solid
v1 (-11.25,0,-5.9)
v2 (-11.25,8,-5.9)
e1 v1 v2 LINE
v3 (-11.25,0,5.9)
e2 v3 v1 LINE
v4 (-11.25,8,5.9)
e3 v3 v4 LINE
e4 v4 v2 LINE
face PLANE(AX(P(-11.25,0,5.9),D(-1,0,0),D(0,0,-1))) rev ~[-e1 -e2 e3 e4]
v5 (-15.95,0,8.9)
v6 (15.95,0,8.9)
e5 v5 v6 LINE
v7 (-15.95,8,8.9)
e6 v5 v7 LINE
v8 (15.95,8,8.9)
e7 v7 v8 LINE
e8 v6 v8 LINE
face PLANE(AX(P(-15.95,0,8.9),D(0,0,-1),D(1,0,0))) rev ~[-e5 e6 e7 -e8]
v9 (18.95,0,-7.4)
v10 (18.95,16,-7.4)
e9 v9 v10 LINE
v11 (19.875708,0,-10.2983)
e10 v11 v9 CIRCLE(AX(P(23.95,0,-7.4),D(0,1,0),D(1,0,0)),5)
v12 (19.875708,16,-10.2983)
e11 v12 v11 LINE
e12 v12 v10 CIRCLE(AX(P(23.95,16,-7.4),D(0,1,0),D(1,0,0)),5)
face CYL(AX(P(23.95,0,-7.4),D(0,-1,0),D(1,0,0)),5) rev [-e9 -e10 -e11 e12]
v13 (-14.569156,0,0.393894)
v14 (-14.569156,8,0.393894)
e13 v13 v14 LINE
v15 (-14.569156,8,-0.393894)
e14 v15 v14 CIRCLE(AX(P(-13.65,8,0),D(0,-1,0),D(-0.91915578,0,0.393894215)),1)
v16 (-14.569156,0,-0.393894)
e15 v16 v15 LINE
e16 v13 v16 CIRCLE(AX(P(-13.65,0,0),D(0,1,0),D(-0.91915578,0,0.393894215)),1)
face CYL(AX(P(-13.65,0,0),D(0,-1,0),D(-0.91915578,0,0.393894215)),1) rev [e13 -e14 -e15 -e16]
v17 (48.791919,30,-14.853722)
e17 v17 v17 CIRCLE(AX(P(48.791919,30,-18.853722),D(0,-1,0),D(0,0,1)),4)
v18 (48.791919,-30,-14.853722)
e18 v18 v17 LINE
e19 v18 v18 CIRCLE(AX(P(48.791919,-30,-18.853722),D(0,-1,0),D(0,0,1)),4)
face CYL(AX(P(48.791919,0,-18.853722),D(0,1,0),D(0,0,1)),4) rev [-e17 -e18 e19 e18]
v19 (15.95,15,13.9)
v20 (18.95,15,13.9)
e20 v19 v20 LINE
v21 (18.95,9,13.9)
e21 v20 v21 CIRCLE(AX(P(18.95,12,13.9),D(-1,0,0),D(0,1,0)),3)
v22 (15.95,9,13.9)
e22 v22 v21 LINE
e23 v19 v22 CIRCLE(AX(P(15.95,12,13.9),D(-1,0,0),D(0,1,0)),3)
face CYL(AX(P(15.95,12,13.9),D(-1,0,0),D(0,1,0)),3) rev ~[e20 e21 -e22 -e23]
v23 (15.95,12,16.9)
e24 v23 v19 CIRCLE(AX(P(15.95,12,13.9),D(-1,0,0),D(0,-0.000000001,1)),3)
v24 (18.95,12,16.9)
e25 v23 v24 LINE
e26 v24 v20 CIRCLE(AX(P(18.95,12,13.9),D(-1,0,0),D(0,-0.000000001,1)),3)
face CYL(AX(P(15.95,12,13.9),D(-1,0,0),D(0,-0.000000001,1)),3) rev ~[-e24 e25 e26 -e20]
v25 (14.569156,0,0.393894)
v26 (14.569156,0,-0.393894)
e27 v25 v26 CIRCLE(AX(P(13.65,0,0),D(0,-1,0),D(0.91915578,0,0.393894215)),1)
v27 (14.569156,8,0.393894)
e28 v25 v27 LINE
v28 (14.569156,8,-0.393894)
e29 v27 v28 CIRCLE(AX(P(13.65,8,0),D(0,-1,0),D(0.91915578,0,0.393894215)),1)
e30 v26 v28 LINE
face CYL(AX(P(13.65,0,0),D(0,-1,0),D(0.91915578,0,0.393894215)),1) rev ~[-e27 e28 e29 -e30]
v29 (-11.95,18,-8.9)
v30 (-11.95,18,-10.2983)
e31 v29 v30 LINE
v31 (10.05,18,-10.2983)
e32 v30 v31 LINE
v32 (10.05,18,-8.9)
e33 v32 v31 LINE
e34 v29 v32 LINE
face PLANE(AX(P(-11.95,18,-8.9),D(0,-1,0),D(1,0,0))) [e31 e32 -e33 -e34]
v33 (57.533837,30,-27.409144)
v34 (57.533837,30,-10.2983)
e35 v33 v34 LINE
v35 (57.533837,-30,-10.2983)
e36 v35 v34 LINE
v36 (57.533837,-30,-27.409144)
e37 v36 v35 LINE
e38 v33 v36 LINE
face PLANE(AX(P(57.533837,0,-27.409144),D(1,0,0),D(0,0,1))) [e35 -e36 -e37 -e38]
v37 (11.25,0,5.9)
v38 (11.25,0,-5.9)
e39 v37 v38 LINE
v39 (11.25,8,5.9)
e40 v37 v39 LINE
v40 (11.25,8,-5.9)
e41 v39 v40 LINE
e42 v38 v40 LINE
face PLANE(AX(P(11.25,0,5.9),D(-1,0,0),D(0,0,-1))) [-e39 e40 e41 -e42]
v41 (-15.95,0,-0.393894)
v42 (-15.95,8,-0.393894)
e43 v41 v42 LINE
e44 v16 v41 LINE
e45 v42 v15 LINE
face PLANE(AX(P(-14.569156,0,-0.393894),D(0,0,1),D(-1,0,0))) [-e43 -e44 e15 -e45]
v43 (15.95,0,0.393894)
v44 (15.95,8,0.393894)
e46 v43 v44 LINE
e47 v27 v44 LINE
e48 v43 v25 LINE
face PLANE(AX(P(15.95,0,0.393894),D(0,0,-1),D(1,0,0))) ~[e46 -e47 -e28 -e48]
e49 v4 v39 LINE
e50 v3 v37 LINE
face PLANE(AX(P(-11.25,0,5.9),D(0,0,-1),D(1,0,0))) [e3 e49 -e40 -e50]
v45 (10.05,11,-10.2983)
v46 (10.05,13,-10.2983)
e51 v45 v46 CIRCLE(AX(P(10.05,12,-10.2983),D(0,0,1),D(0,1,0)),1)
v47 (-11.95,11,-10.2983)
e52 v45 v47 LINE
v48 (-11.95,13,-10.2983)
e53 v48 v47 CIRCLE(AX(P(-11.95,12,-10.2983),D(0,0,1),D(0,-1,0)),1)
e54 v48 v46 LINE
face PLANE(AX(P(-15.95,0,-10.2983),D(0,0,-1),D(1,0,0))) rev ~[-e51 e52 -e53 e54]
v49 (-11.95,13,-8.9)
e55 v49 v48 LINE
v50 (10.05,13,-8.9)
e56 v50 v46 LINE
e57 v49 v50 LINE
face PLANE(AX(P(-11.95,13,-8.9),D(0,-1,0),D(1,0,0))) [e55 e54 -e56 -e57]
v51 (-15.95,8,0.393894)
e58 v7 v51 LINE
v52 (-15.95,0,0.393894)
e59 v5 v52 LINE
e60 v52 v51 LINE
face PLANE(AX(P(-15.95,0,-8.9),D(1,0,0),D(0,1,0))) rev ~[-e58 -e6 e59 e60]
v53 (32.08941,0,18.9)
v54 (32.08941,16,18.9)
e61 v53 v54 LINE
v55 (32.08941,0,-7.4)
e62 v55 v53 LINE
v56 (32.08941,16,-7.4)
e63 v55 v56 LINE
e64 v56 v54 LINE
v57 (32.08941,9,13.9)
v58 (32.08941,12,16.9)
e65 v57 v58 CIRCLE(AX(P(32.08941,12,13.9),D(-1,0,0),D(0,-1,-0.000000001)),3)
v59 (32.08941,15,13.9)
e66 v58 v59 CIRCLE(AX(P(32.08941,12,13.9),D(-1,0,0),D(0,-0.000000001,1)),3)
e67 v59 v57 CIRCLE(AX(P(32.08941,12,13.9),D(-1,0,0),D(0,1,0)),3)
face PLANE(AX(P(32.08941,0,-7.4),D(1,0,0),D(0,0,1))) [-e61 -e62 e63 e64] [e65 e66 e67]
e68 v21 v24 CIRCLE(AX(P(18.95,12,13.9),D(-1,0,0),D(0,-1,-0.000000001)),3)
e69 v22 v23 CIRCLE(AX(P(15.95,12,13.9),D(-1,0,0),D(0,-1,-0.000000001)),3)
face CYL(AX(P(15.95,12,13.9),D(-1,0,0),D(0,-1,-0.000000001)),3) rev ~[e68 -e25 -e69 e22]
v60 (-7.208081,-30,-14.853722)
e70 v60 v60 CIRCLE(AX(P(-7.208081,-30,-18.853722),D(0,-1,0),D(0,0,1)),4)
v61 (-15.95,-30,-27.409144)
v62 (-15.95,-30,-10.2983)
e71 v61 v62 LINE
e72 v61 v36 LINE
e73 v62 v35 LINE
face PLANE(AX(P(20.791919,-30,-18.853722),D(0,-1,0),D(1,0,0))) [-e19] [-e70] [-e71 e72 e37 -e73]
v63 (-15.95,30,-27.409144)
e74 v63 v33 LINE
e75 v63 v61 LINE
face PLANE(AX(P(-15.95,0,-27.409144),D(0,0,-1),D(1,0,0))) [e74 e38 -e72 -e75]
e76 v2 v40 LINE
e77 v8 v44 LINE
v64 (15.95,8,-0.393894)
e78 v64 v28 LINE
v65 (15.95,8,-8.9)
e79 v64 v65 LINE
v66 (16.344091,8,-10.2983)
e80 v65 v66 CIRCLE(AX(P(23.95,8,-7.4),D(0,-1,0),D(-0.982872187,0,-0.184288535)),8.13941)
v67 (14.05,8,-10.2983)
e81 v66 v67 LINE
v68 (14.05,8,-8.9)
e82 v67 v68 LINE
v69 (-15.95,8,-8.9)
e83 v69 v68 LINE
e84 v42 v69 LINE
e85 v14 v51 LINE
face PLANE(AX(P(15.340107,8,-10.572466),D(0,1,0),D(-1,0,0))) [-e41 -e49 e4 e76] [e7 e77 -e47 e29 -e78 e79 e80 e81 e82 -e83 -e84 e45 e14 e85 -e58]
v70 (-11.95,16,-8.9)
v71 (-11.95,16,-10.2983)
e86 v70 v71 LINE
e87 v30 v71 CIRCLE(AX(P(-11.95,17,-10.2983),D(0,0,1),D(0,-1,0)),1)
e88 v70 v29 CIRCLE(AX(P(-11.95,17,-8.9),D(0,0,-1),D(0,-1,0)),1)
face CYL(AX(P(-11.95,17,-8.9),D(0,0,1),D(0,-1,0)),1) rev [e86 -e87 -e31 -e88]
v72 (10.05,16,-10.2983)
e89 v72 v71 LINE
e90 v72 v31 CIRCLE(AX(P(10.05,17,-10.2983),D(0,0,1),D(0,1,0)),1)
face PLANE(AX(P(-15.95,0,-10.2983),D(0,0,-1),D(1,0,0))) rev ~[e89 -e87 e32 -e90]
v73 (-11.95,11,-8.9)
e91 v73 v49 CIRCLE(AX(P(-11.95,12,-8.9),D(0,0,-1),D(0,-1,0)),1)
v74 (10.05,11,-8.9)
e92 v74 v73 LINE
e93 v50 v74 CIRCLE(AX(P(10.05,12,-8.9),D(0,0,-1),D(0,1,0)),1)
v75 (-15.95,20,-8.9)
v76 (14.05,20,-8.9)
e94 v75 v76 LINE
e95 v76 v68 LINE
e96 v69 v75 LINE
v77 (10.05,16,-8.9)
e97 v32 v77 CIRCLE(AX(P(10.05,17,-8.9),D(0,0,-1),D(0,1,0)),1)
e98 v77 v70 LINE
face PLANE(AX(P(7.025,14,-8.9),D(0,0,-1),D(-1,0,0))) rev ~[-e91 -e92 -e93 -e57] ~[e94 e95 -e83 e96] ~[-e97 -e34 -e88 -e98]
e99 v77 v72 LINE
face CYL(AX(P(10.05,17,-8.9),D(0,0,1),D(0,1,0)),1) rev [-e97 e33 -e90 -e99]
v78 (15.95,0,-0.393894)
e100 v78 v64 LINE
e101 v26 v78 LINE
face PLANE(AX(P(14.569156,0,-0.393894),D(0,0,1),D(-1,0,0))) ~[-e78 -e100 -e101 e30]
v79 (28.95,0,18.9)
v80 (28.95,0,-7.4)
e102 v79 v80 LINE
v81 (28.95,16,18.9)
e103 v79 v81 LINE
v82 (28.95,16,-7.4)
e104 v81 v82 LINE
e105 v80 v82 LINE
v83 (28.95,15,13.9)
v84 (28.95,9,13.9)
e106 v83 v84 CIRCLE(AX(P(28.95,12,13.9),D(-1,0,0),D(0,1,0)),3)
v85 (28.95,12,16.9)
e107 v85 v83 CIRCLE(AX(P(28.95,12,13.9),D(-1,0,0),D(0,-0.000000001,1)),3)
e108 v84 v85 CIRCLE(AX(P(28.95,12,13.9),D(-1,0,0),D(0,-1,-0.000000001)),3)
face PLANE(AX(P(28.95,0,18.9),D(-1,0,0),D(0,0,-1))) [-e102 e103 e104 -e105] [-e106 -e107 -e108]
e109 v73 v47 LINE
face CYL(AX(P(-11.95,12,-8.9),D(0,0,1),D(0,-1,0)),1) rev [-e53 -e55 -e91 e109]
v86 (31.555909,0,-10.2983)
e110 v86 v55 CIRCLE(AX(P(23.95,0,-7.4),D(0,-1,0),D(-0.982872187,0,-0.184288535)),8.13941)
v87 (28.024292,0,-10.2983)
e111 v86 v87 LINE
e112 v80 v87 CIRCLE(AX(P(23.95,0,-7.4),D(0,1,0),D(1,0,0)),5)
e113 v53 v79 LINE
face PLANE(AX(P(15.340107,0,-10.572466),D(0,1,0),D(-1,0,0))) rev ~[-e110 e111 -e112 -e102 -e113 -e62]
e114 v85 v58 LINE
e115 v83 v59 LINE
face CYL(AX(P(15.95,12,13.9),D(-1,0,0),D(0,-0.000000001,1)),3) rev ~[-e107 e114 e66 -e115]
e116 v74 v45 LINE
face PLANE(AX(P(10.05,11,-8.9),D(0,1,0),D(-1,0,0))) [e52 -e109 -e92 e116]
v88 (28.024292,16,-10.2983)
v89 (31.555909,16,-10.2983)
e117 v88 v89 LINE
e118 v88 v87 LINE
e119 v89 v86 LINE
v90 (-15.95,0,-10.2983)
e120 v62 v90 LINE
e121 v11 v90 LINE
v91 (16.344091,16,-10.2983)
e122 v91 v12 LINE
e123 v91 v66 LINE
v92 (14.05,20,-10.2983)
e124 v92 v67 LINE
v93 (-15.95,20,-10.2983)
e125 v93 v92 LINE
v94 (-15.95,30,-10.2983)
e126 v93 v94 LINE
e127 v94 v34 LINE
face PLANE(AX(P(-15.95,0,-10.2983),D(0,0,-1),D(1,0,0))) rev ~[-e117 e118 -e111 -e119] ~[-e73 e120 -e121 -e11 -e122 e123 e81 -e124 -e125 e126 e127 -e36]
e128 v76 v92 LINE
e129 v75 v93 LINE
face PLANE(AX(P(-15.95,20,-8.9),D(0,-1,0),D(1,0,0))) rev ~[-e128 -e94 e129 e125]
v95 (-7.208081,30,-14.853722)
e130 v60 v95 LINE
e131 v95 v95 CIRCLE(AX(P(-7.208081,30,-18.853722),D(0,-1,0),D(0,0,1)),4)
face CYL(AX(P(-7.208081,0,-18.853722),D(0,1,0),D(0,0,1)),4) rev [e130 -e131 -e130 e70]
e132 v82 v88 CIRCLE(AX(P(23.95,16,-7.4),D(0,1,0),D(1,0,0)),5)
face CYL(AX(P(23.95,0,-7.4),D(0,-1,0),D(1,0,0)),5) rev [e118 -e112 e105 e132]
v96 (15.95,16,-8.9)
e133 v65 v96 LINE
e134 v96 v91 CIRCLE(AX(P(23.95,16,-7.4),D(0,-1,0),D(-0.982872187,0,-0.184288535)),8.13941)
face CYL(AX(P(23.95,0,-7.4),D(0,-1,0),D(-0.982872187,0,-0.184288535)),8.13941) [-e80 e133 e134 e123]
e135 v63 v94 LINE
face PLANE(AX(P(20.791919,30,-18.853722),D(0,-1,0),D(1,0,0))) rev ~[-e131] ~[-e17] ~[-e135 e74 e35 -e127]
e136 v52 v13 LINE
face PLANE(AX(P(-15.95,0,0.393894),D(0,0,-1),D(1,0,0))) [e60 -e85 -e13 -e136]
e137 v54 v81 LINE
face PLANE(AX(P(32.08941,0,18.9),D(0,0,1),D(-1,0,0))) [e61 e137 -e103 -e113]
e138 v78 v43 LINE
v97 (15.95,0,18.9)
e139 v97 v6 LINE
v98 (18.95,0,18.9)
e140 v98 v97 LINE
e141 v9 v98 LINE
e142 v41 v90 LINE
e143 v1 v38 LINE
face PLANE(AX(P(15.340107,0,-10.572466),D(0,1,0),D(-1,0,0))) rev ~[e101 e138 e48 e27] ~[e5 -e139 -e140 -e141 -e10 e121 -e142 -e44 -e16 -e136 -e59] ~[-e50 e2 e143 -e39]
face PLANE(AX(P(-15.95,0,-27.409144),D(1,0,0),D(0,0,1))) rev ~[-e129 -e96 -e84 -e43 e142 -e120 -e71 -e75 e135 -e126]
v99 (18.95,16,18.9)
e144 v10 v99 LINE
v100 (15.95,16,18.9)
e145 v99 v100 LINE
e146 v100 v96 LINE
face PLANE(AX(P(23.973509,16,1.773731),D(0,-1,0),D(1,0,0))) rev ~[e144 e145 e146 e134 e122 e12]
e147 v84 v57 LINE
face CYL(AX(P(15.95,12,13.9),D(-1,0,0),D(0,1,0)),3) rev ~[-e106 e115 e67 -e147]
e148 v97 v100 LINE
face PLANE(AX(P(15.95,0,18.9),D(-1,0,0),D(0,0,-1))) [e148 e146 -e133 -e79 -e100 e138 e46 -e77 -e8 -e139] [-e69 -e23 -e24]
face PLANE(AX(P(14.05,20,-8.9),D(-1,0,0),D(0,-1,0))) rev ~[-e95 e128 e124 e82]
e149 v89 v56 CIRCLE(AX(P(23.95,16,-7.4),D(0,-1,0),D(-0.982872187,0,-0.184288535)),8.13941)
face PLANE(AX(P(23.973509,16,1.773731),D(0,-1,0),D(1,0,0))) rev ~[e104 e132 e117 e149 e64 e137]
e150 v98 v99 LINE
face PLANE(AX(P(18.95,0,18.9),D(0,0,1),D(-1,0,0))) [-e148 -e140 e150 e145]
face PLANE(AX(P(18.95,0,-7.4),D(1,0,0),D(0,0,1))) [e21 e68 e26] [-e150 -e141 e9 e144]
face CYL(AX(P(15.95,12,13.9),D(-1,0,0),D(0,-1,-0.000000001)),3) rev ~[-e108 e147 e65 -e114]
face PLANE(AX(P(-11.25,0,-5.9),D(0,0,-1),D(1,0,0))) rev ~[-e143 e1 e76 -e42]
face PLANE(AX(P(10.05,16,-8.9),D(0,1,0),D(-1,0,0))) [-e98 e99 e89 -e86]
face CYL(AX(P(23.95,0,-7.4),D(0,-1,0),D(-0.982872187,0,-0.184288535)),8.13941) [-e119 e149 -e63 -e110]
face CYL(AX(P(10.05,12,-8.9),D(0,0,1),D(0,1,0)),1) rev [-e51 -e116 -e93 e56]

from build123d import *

# Parameters (mm, degrees)
SKETCH1_W                   = 31.9
SKETCH1_H                   = 17.8
SKETCH1_W_2                 = 22.5
SKETCH1_H_2                 = 11.8
BOSS_EXTRUDE1_DEPTH         = 8
BOSS_EXTRUDE2_DEPTH         = 16
SKETCH5_W                   = 14.05
SKETCH5_H                   = 12
SKETCH5_W_2                 = 15.95
SKETCH5_H_2                 = 8
BOSS_EXTRUDE3_DEPTH         = 3
CUT_EXTRUDE2_DEPTH          = 3
CUT_EXTRUDE3_DEPTH          = 43.272216091
BOSS_EXTRUDE4_START         = -8
BOSS_EXTRUDE4_DEPTH         = 8
CUT_EXTRUDE4_DEPTH          = 43.128612605
IZIM1_W                     = 73.483837375
IZIM1_H                     = 17.110844689
IZIM1_R                     = 4
Y_KSEKLIK_EKSTR_ZYON1_DEPTH = 30


with BuildPart() as part:
    # Sketch1 → Boss-Extrude1 (new body)
    with BuildSketch(Plane(origin=(0, 0, 0), x_dir=(1, 0, 0), z_dir=(0, 1, 0))):
        Rectangle(SKETCH1_W, SKETCH1_H)
        Rectangle(SKETCH1_W_2, SKETCH1_H_2, mode=Mode.SUBTRACT)
    extrude(amount=BOSS_EXTRUDE1_DEPTH)

    # Sketch3 → Boss-Extrude2 (add)
    with BuildSketch(Plane.XZ):
        with BuildLine():
            ThreePointArc((28.95, -7.4), (23.95, -12.4), (18.95, -7.4))
            Line((18.95, -7.4), (18.95, 18.9))
            Line((18.95, 18.9), (15.95, 18.9))
            Line((15.95, 18.9), (15.95, -8.9))
            ThreePointArc((15.95, -8.9), (24.70323224, -15.504482784), (32.089410298, -7.4))
            Line((32.089410298, -7.4), (32.089410298, 18.9))
            Line((32.089410298, 18.9), (28.95, 18.9))
            Line((28.95, 18.9), (28.95, -7.4))
        make_face()
    extrude(amount=-BOSS_EXTRUDE2_DEPTH)

    # Sketch5 → Boss-Extrude3 (add)
    with BuildSketch(Plane(origin=(0, 0, -8.9), x_dir=(-1, 0, 0), z_dir=(0, 0, -1))):
        with Locations((-7.025, 14)):
            Rectangle(SKETCH5_W, SKETCH5_H)
        with Locations((7.975, 14)):
            Rectangle(SKETCH5_W_2, SKETCH5_H)
        with Locations((7.975, 4)):
            Rectangle(SKETCH5_W_2, SKETCH5_H_2)
        with Locations((-7.025, 4)):
            Rectangle(SKETCH5_W, SKETCH5_H_2)
    extrude(amount=BOSS_EXTRUDE3_DEPTH)

    # Sketch6 → Cut-Extrude2 (cut)
    with BuildSketch(Plane.XY.offset(-8.9)):
        with BuildLine():
            Line((-11.95, 18), (10.05, 18))
            ThreePointArc((10.05, 18), (11.05, 17), (10.05, 16))
            Line((10.05, 16), (-11.95, 16))
            ThreePointArc((-11.95, 16), (-12.95, 17), (-11.95, 18))
        make_face()
        with BuildLine():
            Line((-11.95, 13), (10.05, 13))
            ThreePointArc((10.05, 13), (11.05, 12), (10.05, 11))
            Line((10.05, 11), (-11.95, 11))
            ThreePointArc((-11.95, 11), (-12.95, 12), (-11.95, 13))
        make_face()
    extrude(amount=-CUT_EXTRUDE2_DEPTH, mode=Mode.SUBTRACT)

    # Sketch7 → Cut-Extrude3 (cut, through all)
    with BuildSketch(Plane.XZ):
        with BuildLine():
            Line((-15.95, -0.393894215), (-15.95, 0.393894215))
            Line((-15.95, 0.393894215), (-14.56915578, 0.393894215))
            ThreePointArc((-14.56915578, 0.393894215), (-12.65, 0), (-14.56915578, -0.393894215))
            Line((-14.56915578, -0.393894215), (-15.95, -0.393894215))
        make_face()
    cut_extrude3 = extrude(amount=-CUT_EXTRUDE3_DEPTH, mode=Mode.SUBTRACT)

    # Mirror1: Cut-Extrude3 across plane
    add(cut_extrude3.mirror(Plane(origin=(0, 0, 0), x_dir=(0, 0, 1), z_dir=(1, 0, 0))), mode=Mode.SUBTRACT)

    # Sketch8 → Boss-Extrude4 (add)
    with BuildSketch(Plane.XZ.offset(BOSS_EXTRUDE4_START)):
        with BuildLine():
            Line((14.05, -11.9), (14.05, -8.9))
            Line((14.05, -8.9), (15.95, -8.9))
            ThreePointArc((15.95, -8.9), (16.408162032, -10.461156655), (17.167670017, -11.9))
            Line((17.167670017, -11.9), (14.05, -11.9))
        make_face()
    extrude(amount=BOSS_EXTRUDE4_DEPTH)

    # Sketch9 → Cut-Extrude4 (cut, through all)
    with BuildSketch(Plane.ZY.offset(-15.95)):
        with BuildLine():
            ThreePointArc((13.9, 15), (10.9, 12), (13.9, 9))
            Line((13.9, 9), (13.9, 15))
        make_face()
        with BuildLine():
            Line((13.9, 15), (13.9, 9))
            ThreePointArc((13.9, 9), (16.021320344, 9.878679656), (16.9, 12))
            ThreePointArc((16.9, 12), (16.021320344, 14.121320344), (13.9, 15))
        make_face()
    extrude(amount=-CUT_EXTRUDE4_DEPTH, mode=Mode.SUBTRACT)

    # Çizim1 → Yükseklik-Ekstrüzyon1 (add, symmetric)
    with BuildSketch(Plane.XZ):
        with Locations((20.791918688, -18.853722133)):
            Rectangle(IZIM1_W, IZIM1_H)
        with Locations(Location((48.791918688, -18.853722132, 0), (0, 0, 90))):
            Circle(IZIM1_R, mode=Mode.SUBTRACT)
        with Locations(Location((-7.208081312, -18.853722132, 0), (0, 0, 90))):
            Circle(IZIM1_R, mode=Mode.SUBTRACT)
    extrude(amount=Y_KSEKLIK_EKSTR_ZYON1_DEPTH, both=True)


solid = part.part
